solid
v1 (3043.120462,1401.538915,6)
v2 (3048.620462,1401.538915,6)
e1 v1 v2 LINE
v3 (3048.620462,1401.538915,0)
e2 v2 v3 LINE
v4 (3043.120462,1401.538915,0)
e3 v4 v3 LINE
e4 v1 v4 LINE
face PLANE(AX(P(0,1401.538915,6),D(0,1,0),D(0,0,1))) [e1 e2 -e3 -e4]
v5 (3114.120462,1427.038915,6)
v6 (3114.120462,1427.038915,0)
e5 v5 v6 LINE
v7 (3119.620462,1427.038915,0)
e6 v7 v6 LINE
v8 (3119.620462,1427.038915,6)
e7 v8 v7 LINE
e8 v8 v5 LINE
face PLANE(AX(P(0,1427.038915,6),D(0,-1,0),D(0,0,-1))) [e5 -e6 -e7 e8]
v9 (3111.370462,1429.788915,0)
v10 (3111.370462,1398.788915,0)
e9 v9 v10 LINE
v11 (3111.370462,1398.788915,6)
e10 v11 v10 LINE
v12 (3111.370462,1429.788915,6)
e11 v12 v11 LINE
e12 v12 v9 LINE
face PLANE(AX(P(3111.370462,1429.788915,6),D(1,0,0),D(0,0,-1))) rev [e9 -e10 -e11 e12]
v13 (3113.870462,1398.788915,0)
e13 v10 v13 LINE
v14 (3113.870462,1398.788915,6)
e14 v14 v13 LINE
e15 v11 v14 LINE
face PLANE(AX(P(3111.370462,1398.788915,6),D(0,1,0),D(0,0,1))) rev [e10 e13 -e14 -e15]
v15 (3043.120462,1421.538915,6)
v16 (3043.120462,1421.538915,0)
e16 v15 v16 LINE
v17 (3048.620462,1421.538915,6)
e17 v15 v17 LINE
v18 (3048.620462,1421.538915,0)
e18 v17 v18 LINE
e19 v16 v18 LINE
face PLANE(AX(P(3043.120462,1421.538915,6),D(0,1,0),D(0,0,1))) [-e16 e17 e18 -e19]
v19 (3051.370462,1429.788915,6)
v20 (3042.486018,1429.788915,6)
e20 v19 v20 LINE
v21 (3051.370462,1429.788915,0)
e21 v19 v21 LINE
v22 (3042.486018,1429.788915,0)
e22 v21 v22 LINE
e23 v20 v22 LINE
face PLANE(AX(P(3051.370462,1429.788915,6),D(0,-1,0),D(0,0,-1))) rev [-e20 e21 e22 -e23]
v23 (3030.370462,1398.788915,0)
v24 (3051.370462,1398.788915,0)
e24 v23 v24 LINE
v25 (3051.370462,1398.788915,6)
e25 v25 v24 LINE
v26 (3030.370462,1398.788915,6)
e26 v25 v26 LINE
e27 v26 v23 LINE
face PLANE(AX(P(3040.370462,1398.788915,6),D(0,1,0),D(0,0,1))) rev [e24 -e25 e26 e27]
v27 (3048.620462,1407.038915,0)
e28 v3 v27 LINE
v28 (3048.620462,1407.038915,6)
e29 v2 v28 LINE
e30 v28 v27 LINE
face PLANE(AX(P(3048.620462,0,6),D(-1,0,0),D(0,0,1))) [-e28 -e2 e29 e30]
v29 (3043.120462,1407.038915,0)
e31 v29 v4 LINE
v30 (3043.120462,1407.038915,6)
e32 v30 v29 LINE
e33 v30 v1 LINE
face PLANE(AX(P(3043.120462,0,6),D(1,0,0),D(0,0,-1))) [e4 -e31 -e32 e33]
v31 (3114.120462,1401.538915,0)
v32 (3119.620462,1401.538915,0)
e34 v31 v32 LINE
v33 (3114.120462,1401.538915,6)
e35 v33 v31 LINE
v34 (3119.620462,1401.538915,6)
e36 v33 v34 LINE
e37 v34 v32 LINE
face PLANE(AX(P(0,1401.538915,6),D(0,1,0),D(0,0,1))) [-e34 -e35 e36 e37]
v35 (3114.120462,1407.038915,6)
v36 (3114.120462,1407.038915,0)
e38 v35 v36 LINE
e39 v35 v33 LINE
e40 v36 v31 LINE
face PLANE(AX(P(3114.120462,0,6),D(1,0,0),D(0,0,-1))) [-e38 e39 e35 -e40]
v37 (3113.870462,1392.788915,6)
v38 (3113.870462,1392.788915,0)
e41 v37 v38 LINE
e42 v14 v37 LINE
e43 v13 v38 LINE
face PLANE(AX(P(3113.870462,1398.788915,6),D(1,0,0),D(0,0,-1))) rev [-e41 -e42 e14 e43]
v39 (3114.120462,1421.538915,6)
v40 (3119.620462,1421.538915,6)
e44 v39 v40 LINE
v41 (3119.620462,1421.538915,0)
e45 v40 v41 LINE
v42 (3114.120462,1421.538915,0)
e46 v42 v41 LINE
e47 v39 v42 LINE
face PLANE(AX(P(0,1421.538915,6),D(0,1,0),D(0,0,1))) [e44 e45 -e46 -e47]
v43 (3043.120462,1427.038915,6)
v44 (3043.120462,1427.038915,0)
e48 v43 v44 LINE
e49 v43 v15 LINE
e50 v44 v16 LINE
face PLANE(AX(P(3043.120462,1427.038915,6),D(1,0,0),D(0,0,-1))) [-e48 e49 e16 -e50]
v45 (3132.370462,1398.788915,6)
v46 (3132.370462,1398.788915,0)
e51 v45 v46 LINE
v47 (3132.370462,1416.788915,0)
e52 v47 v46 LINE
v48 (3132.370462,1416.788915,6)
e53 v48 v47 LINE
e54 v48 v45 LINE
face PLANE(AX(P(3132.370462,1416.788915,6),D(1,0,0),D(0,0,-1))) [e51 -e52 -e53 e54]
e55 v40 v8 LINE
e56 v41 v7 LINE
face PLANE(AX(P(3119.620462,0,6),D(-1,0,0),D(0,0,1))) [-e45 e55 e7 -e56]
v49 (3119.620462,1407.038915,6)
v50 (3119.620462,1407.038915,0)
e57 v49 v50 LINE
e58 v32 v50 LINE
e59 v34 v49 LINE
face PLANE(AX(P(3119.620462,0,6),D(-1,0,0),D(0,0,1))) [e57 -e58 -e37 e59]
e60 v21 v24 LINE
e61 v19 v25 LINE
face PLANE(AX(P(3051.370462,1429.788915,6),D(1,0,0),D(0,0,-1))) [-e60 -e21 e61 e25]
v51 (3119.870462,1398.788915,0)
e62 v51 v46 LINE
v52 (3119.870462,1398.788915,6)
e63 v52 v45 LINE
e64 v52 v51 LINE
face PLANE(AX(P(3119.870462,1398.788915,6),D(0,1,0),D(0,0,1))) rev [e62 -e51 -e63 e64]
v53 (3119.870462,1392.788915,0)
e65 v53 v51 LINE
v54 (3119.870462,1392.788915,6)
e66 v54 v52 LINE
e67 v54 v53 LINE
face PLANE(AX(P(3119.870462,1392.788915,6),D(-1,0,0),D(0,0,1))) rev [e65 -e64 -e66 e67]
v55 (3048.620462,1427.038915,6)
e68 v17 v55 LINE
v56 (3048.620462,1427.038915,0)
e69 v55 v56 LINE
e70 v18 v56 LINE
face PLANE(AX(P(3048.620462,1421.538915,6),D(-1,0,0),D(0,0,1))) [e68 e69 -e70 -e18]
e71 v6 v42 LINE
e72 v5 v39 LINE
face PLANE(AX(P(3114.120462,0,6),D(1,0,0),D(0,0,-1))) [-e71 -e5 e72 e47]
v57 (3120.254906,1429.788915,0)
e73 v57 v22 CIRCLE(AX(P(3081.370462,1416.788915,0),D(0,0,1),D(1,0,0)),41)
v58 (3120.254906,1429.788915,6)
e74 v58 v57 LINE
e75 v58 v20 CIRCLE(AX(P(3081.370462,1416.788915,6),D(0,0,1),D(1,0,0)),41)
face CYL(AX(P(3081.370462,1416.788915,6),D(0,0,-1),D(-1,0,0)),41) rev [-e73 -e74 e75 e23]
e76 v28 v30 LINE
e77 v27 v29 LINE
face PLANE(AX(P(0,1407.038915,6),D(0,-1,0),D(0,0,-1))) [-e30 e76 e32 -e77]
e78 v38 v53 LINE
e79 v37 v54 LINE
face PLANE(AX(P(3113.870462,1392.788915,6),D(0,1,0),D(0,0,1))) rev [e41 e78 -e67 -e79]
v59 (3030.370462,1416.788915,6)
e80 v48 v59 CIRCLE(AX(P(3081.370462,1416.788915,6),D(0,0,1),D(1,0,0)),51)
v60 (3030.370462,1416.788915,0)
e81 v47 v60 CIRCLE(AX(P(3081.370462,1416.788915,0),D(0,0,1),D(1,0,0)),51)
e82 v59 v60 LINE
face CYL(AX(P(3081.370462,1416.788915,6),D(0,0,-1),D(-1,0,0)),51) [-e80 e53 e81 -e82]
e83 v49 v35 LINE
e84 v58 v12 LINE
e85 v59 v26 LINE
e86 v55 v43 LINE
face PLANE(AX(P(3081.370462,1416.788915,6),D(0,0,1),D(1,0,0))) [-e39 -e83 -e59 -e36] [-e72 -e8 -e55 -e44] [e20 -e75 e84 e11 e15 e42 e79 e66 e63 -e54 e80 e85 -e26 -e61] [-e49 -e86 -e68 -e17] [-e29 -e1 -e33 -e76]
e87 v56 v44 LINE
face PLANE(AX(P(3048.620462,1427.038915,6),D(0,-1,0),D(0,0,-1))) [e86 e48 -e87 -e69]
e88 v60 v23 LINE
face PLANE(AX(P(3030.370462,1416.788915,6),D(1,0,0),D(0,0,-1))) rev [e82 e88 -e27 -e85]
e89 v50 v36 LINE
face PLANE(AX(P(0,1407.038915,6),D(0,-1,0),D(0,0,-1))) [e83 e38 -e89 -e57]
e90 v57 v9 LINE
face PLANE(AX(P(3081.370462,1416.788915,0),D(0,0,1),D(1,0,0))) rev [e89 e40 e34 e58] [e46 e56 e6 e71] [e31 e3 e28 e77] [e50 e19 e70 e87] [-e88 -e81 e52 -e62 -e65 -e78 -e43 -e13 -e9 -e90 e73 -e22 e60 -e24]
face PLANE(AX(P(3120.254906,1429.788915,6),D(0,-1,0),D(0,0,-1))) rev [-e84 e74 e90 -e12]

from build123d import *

# Parameters (mm, degrees)
MODEL_W             = 5.5
MODEL_H             = 5.5
BOSS_EXTRUDE1_DEPTH = 6


with BuildPart() as part:
    # Model → Boss-Extrude1 (new body)
    with BuildSketch(Plane.XY):
        with BuildLine():
            Line((3030.370462186, 1416.788914981), (3030.370462186, 1398.788914981))
            Line((3030.370462186, 1398.788914981), (3040.370462186, 1398.788914981))
            Line((3040.370462186, 1398.788914981), (3051.370462186, 1398.788914981))
            Line((3051.370462186, 1398.788914981), (3051.370462186, 1429.788914981))
            Line((3051.370462186, 1429.788914981), (3042.486017996, 1429.788914981))
            ThreePointArc((3042.486017996, 1429.788914981), (3081.370462186, 1457.788914981), (3120.254906376, 1429.788914981))
            Line((3120.254906376, 1429.788914981), (3111.370462186, 1429.788914981))
            Line((3111.370462186, 1429.788914981), (3111.370462186, 1398.788914981))
            Line((3111.370462186, 1398.788914981), (3113.870462186, 1398.788914981))
            Line((3113.870462186, 1398.788914981), (3113.870462186, 1392.788914981))
            Line((3113.870462186, 1392.788914981), (3119.870462186, 1392.788914981))
            Line((3119.870462186, 1392.788914981), (3119.870462186, 1398.788914981))
            Line((3119.870462186, 1398.788914981), (3132.370462186, 1398.788914981))
            Line((3132.370462186, 1398.788914981), (3132.370462186, 1416.788914981))
            ThreePointArc((3132.370462186, 1416.788914981), (3081.370462186, 1467.788914981), (3030.370462186, 1416.788914981))
        make_face()
        with Locations((3116.870462186, 1404.288914981)):
            Rectangle(MODEL_W, MODEL_H, mode=Mode.SUBTRACT)
        with Locations((3116.870462186, 1424.288914981)):
            Rectangle(MODEL_W, MODEL_H, mode=Mode.SUBTRACT)
        with Locations((3045.870462186, 1404.288914981)):
            Rectangle(MODEL_W, MODEL_H, mode=Mode.SUBTRACT)
        with Locations((3045.870462186, 1424.288914981)):
            Rectangle(MODEL_W, MODEL_H, mode=Mode.SUBTRACT)
    extrude(amount=BOSS_EXTRUDE1_DEPTH)


solid = part.part
